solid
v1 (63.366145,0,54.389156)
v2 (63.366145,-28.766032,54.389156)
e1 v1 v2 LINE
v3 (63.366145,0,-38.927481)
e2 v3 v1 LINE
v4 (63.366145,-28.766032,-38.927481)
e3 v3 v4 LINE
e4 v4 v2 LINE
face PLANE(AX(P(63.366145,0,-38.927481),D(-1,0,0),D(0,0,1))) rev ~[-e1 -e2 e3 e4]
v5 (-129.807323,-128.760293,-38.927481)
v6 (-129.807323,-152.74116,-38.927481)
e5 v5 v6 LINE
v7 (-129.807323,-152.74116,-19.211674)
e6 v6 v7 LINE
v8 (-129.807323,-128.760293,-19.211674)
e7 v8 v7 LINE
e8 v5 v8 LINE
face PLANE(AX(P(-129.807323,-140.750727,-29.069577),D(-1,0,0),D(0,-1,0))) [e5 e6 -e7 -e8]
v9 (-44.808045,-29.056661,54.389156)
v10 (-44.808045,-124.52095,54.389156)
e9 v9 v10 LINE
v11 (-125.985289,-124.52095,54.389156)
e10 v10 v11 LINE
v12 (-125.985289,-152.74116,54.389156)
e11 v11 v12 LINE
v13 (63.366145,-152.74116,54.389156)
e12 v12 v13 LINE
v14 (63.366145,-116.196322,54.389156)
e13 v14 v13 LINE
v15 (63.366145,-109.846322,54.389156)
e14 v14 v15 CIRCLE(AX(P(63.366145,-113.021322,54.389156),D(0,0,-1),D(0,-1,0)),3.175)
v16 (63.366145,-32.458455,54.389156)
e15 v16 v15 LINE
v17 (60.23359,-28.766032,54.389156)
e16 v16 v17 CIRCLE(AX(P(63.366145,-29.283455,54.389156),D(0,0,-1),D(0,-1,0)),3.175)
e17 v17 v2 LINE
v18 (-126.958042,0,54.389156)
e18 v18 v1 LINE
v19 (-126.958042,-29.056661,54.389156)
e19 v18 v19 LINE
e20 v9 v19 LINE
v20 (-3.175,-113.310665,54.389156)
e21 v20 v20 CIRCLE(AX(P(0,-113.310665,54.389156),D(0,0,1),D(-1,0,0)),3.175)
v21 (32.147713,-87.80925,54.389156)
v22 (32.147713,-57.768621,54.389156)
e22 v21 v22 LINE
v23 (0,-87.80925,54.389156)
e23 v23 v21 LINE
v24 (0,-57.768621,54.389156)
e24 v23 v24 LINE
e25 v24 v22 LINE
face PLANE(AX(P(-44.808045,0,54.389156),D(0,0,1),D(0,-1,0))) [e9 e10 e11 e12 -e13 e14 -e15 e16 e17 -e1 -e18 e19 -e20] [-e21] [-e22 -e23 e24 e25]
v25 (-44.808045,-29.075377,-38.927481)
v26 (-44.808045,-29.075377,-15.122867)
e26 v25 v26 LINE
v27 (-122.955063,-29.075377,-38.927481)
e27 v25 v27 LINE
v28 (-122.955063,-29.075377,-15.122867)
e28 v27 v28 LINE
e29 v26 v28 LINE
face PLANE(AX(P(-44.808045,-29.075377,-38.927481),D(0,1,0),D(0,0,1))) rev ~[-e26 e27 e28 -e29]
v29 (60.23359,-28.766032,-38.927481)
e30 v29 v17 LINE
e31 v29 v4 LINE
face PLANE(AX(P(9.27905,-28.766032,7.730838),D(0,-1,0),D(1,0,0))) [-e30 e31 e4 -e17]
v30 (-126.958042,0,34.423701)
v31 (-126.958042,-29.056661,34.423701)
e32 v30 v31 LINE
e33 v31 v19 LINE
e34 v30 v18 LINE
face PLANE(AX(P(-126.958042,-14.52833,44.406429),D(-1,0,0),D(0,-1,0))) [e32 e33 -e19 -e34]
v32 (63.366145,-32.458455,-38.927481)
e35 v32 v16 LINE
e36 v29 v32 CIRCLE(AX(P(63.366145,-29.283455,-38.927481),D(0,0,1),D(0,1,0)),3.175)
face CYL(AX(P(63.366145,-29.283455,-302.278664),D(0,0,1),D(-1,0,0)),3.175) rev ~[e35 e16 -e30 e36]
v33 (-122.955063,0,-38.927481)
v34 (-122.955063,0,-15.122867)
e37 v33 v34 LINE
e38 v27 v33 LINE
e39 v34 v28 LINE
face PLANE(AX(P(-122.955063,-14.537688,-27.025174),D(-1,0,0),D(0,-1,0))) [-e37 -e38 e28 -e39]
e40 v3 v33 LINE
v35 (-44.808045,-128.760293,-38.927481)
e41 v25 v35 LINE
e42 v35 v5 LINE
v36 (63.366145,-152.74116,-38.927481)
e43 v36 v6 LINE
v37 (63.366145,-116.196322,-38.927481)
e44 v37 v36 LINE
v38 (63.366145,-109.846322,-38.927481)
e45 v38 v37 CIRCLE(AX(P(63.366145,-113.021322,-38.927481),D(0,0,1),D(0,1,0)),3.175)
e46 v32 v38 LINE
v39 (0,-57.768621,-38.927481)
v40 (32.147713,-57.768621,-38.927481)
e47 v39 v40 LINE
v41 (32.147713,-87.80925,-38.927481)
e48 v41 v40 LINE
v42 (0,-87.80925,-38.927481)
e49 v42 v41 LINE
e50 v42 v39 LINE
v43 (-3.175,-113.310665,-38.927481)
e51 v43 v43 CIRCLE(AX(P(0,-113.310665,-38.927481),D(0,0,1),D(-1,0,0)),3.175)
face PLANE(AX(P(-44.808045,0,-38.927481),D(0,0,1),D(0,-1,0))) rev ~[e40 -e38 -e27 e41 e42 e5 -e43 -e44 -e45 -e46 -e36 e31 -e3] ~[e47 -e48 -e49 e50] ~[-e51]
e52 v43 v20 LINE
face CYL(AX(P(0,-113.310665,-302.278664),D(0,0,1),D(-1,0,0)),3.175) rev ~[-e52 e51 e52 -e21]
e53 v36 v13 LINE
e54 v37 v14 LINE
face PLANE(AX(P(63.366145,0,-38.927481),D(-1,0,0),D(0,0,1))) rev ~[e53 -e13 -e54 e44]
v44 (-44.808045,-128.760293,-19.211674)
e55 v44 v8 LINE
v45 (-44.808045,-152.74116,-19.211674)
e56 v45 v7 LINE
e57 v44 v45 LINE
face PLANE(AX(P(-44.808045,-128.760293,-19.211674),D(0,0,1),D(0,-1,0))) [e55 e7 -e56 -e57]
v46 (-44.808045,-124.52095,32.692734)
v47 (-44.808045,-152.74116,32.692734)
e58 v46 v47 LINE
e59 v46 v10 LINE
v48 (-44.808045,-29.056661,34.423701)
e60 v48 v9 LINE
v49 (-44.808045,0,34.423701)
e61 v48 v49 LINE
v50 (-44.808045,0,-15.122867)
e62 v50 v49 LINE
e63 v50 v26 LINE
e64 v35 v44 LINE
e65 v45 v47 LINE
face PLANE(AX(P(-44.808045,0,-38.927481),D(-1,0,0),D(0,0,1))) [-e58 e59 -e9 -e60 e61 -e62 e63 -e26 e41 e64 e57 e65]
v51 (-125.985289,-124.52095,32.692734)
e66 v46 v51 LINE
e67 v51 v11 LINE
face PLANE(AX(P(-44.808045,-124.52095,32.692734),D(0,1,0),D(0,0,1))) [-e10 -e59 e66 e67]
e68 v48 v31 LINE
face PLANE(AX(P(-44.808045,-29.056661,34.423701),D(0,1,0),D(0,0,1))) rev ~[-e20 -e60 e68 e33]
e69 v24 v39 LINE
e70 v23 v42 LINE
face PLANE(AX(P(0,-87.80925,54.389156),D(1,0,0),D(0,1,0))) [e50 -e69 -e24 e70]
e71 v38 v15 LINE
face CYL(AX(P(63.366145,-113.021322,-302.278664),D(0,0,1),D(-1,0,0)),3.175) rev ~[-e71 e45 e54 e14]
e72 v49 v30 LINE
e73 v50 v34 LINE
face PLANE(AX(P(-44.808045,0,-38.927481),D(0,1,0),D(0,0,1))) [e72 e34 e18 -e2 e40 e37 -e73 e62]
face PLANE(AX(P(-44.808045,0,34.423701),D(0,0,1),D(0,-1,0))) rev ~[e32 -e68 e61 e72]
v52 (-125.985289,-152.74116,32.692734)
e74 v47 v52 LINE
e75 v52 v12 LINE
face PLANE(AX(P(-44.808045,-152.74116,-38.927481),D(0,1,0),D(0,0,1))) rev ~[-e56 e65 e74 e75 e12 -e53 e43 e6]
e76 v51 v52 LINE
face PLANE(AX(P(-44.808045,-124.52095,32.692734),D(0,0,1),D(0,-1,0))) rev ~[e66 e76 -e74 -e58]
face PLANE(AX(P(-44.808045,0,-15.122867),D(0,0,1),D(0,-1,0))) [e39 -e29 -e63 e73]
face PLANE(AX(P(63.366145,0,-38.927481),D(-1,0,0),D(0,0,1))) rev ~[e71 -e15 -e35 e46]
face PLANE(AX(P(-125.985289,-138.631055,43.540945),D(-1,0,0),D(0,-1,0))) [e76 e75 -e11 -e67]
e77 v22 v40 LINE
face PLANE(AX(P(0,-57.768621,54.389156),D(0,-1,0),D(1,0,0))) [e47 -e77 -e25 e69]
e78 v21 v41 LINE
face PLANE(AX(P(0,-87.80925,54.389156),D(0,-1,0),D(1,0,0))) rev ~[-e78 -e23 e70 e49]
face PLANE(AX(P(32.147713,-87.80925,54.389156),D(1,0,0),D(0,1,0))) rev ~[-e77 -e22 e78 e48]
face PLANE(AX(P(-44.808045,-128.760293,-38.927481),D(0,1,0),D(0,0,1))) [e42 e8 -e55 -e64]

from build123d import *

# Parameters (mm, degrees)
F0_W      = 108.1741899252
F0_H      = 93.3166369796
F1_DEPTH  = 152.7411602437
F2_W      = 28.2202102244
F2_H      = 21.6964222491
F3_DEPTH  = 81.1772439629
F4_W      = 29.056660831
F4_H      = 19.965454936
F5_DEPTH  = 82.1499973536
F6_W      = 23.9808671176
F6_H      = 19.7158064693
F7_DEPTH  = 84.9992781878
F8_W      = 29.0753766894
F8_H      = 23.8046133891
F9_DEPTH  = 78.1470183283
F11_D     = 6.35
F13_D     = 6.35
F14_DEPTH = 28.7660323083
F16_D     = 6.35
F17_W     = 32.1477130055
F17_H     = 30.0406292081
F18_DEPTH = 95.8115551621


with BuildPart() as f1:
    # F0 (on Front) → F1 (new body)
    with BuildSketch(Plane.XZ):
        with Locations((9.279049933, 7.7308379114)):
            Rectangle(F0_W, F0_H)
    extrude(amount=F1_DEPTH)

    # F2 (on face) → F3 (join)
    with BuildSketch(Plane(origin=(-44.8080450296, 0, 0), x_dir=(0, -1, 0), z_dir=(-1, 0, 0))):
        with Locations((138.6310551316, 43.5409452766)):
            Rectangle(F2_W, F2_H)
    extrude(amount=F3_DEPTH)

    # F4 (on face) → F5 (join)
    with BuildSketch(Plane(origin=(-44.8080450296, 0, 0), x_dir=(0, -1, 0), z_dir=(-1, 0, 0))):
        with Locations((14.5283304155, 44.4064289331)):
            Rectangle(F4_W, F4_H)
    extrude(amount=F5_DEPTH)

    # F6 (on face) → F7 (join)
    with BuildSketch(Plane(origin=(-44.8080450296, 0, 0), x_dir=(0, -1, 0), z_dir=(-1, 0, 0))):
        with Locations((140.7507266849, -29.0695773438)):
            Rectangle(F6_W, F6_H)
    extrude(amount=F7_DEPTH)

    # F8 (on face) → F9 (join)
    with BuildSketch(Plane(origin=(-44.8080450296, 0, 0), x_dir=(0, -1, 0), z_dir=(-1, 0, 0))):
        with Locations((14.5376883447, -27.0251738839)):
            Rectangle(F8_W, F8_H)
    extrude(amount=F9_DEPTH)

    # F11 (through all)
    with Locations(Plane(origin=(0, 0, -38.9274805784), x_dir=(1, 0, 0), z_dir=(0, 0, -1))):
        with Locations((63.3661448956, 113.0213215947)):
            Hole(F11_D / 2)

    # F13 (through all)
    with Locations(Plane(origin=(0, 0, -38.9274805784), x_dir=(1, 0, 0), z_dir=(0, 0, -1))):
        with Locations((63.3661448956, 29.2834546417)):
            Hole(F13_D / 2)

    # F0 (on Front) + F9_face1 (on face) → F14 (join)
    with BuildSketch(Plane.XZ):
        with Locations((9.279049933, 7.7308379114)):
            Rectangle(F0_W, F0_H)
    with BuildSketch(Plane(origin=(-14.9495070386, 0, 7.3997359), x_dir=(-1, 0, 0), z_dir=(0, 1, 0))):
        Polygon((112.0085353446, 46.9894205011), (-78.3156519342, 46.9894205011), (-78.3156519342, -46.3272164785), (108.0055563193, -46.3272164785), (108.0055563193, -22.5226030894), (29.858537991, -22.5226030894), (29.858537991, 27.0239655651), (112.0085353446, 27.0239655651), align=None)
    extrude(amount=F14_DEPTH, dir=(0, -1, 0))

    # F16 (through all)
    with Locations(Plane(origin=(0, 0, -38.9274805784), x_dir=(1, 0, 0), z_dir=(0, 0, -1))):
        with Locations((0, 113.3106648922)):
            Hole(F16_D / 2)

    # F17 (on face) → F18 (cut)
    with BuildSketch(Plane.XY.offset(54.3891564012)):
        with Locations((16.0738565028, -72.7889351547)):
            Rectangle(F17_W, F17_H)
    extrude(amount=-F18_DEPTH, mode=Mode.SUBTRACT)


solid = f1.part
